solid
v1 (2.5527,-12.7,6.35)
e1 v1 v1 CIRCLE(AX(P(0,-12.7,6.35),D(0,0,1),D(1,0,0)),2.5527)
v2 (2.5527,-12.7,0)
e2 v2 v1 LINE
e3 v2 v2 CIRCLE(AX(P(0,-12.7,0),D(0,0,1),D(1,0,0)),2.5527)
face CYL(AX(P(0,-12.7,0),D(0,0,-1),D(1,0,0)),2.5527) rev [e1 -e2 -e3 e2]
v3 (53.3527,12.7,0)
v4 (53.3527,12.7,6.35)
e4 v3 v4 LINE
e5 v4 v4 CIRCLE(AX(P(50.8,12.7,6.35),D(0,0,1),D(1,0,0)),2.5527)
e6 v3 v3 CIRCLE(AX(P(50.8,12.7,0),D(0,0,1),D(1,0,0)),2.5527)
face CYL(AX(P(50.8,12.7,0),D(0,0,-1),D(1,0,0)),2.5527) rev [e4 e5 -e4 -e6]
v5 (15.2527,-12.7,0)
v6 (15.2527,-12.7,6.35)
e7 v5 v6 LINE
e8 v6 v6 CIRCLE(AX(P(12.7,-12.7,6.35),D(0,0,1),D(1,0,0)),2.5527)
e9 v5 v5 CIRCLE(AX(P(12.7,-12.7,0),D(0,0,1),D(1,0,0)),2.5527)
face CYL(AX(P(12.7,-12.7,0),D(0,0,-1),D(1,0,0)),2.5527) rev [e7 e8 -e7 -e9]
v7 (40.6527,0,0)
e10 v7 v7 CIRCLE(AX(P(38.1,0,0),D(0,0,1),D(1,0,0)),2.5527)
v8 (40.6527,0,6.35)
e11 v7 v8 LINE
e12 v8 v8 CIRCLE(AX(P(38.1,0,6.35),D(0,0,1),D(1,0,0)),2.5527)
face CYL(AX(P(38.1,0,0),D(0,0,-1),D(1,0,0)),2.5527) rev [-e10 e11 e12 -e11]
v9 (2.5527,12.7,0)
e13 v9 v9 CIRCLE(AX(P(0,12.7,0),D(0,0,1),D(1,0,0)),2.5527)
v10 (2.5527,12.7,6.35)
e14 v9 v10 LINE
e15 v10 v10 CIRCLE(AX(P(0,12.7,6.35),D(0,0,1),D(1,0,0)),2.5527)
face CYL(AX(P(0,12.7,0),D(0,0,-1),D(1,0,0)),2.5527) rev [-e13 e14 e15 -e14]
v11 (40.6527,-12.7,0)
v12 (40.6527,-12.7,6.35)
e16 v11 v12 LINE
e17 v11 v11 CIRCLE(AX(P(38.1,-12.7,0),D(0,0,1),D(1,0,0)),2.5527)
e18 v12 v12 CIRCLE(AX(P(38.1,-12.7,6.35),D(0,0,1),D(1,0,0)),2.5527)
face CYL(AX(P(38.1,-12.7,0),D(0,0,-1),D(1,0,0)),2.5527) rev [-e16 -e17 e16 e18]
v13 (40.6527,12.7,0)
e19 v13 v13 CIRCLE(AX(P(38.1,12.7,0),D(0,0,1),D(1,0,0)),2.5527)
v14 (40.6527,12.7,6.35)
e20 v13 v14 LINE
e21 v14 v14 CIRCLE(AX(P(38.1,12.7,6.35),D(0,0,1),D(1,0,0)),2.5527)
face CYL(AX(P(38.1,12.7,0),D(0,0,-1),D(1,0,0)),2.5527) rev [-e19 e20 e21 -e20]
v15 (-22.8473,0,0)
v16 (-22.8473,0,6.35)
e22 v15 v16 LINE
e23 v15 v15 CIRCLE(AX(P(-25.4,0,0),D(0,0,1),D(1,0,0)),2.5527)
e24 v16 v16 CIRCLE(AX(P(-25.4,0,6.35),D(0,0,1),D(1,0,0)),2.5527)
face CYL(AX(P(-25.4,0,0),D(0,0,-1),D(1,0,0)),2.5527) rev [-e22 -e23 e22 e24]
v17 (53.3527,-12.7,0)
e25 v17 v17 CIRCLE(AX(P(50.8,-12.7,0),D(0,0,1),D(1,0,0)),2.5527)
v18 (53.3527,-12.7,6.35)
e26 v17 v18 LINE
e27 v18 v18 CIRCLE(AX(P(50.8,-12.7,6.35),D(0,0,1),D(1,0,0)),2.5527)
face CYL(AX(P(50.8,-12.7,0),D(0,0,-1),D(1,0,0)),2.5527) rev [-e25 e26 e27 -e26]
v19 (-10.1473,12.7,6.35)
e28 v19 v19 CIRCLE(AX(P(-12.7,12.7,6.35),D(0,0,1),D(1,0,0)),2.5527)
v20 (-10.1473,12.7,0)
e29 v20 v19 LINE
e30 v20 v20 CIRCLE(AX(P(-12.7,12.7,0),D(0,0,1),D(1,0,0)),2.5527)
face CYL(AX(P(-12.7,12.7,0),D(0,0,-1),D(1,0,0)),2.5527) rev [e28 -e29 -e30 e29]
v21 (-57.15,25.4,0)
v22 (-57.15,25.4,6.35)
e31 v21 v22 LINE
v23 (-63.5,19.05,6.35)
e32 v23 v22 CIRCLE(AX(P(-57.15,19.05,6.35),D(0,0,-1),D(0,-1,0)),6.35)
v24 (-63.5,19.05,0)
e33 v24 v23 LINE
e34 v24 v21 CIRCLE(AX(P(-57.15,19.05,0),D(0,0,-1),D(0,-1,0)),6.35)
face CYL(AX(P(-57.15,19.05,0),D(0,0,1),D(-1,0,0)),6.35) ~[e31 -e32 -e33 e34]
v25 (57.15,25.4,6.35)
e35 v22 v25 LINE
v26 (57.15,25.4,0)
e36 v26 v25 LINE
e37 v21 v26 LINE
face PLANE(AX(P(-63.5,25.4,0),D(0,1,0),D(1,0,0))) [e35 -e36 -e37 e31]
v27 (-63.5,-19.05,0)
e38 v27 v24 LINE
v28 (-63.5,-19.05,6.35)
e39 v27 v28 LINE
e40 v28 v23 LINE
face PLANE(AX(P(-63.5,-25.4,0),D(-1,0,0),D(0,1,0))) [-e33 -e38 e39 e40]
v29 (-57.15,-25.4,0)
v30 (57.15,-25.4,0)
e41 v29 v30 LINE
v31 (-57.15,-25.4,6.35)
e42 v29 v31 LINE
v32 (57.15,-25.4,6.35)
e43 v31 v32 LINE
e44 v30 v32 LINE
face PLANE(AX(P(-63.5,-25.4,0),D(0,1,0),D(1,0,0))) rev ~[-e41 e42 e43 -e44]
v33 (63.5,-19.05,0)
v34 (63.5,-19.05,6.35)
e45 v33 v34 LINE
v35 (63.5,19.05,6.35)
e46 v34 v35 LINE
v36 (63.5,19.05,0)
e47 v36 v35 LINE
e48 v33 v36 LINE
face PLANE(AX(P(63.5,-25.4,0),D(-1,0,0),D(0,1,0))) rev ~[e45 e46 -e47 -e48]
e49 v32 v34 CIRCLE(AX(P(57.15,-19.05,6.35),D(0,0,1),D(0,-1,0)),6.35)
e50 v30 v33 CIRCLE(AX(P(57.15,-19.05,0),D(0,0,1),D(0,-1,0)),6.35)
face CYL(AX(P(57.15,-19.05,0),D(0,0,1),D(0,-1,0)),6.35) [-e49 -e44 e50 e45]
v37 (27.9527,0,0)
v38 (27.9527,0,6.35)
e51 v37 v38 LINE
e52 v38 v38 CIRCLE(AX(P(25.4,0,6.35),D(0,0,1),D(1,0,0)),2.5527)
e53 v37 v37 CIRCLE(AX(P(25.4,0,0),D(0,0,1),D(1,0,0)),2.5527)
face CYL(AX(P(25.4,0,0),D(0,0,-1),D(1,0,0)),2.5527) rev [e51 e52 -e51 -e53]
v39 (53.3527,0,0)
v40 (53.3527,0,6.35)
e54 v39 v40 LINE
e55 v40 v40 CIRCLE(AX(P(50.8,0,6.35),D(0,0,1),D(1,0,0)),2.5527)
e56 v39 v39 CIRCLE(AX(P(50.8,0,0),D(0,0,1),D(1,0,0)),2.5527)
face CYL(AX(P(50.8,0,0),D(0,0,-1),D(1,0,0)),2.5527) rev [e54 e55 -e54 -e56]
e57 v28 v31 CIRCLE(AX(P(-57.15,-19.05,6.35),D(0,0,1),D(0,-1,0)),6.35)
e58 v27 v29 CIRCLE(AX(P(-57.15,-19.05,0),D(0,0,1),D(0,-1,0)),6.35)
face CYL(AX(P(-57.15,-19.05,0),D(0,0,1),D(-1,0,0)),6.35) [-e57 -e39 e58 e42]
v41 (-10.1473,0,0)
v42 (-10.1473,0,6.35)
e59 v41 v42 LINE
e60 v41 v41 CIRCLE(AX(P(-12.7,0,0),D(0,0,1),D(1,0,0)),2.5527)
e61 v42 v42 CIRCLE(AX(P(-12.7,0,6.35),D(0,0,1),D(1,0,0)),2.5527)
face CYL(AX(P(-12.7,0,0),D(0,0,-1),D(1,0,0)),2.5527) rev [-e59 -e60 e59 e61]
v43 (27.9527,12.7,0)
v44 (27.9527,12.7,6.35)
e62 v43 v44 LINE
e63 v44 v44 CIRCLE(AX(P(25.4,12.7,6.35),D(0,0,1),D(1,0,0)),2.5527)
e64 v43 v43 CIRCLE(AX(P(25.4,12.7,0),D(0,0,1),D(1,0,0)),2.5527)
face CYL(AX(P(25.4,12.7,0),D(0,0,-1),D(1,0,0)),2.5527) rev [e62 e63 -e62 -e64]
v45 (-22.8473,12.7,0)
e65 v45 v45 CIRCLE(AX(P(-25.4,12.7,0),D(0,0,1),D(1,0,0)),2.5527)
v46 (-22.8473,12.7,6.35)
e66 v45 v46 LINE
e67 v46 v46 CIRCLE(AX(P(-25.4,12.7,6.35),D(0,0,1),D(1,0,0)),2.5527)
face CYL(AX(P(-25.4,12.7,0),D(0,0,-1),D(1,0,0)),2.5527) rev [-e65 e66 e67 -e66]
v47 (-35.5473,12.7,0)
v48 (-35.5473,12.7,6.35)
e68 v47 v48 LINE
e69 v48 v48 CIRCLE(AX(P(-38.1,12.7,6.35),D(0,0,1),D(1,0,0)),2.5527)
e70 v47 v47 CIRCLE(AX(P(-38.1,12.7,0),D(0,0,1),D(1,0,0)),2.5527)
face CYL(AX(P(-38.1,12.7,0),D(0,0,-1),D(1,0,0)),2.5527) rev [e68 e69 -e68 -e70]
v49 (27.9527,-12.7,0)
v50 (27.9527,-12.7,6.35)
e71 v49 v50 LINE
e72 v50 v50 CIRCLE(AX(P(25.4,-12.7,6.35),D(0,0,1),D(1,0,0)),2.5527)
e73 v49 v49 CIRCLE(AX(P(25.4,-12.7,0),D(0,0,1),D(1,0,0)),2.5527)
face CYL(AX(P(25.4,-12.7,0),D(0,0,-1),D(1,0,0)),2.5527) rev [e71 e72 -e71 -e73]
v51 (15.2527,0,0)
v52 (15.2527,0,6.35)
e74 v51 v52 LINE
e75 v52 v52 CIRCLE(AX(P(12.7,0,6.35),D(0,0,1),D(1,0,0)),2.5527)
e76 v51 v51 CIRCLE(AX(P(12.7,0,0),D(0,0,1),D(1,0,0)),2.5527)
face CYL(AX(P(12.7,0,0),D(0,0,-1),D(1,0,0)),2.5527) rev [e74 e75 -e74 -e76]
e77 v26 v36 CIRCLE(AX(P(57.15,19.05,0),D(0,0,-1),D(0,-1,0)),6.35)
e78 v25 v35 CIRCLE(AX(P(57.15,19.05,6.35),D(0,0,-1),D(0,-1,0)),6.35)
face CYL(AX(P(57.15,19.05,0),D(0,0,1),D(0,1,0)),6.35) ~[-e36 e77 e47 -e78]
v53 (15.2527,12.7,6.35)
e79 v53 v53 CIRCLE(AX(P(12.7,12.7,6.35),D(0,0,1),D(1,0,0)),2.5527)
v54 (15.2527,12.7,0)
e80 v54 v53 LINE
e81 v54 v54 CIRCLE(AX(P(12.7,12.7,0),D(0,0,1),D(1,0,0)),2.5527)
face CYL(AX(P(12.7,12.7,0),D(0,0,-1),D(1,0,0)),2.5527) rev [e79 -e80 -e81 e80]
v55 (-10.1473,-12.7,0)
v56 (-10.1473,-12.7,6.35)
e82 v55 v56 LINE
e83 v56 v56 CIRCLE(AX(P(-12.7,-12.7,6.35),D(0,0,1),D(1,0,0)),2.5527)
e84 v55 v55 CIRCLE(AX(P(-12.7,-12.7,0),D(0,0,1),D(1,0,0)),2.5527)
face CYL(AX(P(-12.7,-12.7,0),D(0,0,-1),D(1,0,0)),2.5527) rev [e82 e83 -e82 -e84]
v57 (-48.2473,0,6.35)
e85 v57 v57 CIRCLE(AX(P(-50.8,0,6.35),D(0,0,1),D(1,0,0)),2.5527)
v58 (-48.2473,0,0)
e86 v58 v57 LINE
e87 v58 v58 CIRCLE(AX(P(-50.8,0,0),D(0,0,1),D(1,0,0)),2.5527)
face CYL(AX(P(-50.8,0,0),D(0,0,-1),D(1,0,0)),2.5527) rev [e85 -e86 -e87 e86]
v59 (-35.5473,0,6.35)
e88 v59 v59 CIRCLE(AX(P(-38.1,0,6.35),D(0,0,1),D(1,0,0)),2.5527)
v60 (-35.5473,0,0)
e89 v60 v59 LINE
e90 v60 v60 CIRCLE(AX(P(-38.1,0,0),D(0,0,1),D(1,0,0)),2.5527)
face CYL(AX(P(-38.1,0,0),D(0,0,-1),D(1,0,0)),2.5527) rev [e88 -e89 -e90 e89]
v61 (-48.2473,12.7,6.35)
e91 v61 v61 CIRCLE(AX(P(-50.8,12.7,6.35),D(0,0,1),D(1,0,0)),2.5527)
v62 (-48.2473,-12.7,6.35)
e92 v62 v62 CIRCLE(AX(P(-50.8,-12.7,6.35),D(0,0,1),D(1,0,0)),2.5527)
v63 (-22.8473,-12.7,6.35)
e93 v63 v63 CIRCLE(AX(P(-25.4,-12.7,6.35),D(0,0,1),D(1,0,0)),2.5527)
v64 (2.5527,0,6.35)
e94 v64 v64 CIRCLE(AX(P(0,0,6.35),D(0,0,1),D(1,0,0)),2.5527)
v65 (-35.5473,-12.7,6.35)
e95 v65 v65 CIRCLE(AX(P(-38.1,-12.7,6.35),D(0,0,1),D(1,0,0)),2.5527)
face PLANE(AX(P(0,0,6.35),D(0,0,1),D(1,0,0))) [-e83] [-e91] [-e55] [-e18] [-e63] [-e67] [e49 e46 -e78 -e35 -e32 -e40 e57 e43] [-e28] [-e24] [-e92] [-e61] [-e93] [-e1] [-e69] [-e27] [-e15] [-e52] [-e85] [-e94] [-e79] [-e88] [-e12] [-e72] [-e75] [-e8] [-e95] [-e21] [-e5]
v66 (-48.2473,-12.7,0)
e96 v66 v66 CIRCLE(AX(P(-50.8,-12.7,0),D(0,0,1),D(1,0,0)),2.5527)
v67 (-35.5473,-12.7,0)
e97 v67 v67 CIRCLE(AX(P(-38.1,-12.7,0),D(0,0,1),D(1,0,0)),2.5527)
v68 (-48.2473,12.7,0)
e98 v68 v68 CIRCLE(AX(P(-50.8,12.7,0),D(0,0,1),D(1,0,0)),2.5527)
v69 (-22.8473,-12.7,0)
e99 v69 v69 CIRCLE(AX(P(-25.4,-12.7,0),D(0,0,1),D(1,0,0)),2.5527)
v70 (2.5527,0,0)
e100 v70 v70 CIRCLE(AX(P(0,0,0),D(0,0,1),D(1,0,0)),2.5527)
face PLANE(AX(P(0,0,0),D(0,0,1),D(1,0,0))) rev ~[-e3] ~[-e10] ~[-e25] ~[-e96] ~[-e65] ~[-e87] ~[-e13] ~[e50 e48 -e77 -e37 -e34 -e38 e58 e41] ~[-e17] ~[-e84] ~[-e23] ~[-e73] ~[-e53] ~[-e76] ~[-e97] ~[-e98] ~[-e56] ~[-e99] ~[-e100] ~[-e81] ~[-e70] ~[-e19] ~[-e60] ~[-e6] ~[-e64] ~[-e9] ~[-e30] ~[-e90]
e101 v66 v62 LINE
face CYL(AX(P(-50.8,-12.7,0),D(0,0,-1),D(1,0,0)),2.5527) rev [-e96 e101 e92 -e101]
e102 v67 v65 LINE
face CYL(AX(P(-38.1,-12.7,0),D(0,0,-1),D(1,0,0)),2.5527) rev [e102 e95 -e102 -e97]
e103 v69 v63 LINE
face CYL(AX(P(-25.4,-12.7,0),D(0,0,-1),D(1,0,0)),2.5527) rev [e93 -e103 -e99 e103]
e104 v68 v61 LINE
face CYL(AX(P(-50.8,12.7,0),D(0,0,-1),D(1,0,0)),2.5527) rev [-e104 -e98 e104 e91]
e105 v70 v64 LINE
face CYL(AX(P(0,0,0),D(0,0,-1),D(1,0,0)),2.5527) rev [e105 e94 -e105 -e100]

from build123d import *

# Parameters (mm, degrees)
SKETCH6_W           = 127
SKETCH6_H           = 50.8
SKETCH6_R           = 2.5527
BOSS_EXTRUDE1_DEPTH = 6.35
FILLET1_R           = 6.35


with BuildPart() as part:
    # Sketch6 → Boss-Extrude1 (new body)
    with BuildSketch(Plane.XY):
        Rectangle(SKETCH6_W, SKETCH6_H)
        with Locations((-50.8, 0)):
            Circle(SKETCH6_R, mode=Mode.SUBTRACT)
        with Locations((-50.8, 12.7)):
            Circle(SKETCH6_R, mode=Mode.SUBTRACT)
        with Locations((-50.8, -12.7)):
            Circle(SKETCH6_R, mode=Mode.SUBTRACT)
        with Locations((-38.1, -12.7)):
            Circle(SKETCH6_R, mode=Mode.SUBTRACT)
        with Locations((-38.1, 0)):
            Circle(SKETCH6_R, mode=Mode.SUBTRACT)
        with Locations((-38.1, 12.7)):
            Circle(SKETCH6_R, mode=Mode.SUBTRACT)
        with Locations((-25.4, -12.7)):
            Circle(SKETCH6_R, mode=Mode.SUBTRACT)
        with Locations((-25.4, 0)):
            Circle(SKETCH6_R, mode=Mode.SUBTRACT)
        with Locations((-25.4, 12.7)):
            Circle(SKETCH6_R, mode=Mode.SUBTRACT)
        with Locations((-12.7, -12.7)):
            Circle(SKETCH6_R, mode=Mode.SUBTRACT)
        with Locations((-12.7, 0)):
            Circle(SKETCH6_R, mode=Mode.SUBTRACT)
        with Locations((-12.7, 12.7)):
            Circle(SKETCH6_R, mode=Mode.SUBTRACT)
        with Locations((0, -12.7)):
            Circle(SKETCH6_R, mode=Mode.SUBTRACT)
        Circle(SKETCH6_R, mode=Mode.SUBTRACT)
        with Locations((0, 12.7)):
            Circle(SKETCH6_R, mode=Mode.SUBTRACT)
        with Locations((12.7, -12.7)):
            Circle(SKETCH6_R, mode=Mode.SUBTRACT)
        with Locations((12.7, 0)):
            Circle(SKETCH6_R, mode=Mode.SUBTRACT)
        with Locations((12.7, 12.7)):
            Circle(SKETCH6_R, mode=Mode.SUBTRACT)
        with Locations((25.4, -12.7)):
            Circle(SKETCH6_R, mode=Mode.SUBTRACT)
        with Locations((25.4, 0)):
            Circle(SKETCH6_R, mode=Mode.SUBTRACT)
        with Locations((25.4, 12.7)):
            Circle(SKETCH6_R, mode=Mode.SUBTRACT)
        with Locations((38.1, -12.7)):
            Circle(SKETCH6_R, mode=Mode.SUBTRACT)
        with Locations((38.1, 0)):
            Circle(SKETCH6_R, mode=Mode.SUBTRACT)
        with Locations((38.1, 12.7)):
            Circle(SKETCH6_R, mode=Mode.SUBTRACT)
        with Locations((50.8, -12.7)):
            Circle(SKETCH6_R, mode=Mode.SUBTRACT)
        with Locations((50.8, 0)):
            Circle(SKETCH6_R, mode=Mode.SUBTRACT)
        with Locations((50.8, 12.7)):
            Circle(SKETCH6_R, mode=Mode.SUBTRACT)
    extrude(amount=BOSS_EXTRUDE1_DEPTH)

    # Fillet1
    fillet1_edges = [part.edges().sort_by_distance(p)[0] for p in [
        (63.5, -25.4, 3.175),
        (-63.5, -25.4, 3.175),
        (-63.5, 25.4, 3.175),
        (63.5, 25.4, 3.175),
    ]]
    fillet(fillet1_edges, radius=FILLET1_R)


solid = part.part
